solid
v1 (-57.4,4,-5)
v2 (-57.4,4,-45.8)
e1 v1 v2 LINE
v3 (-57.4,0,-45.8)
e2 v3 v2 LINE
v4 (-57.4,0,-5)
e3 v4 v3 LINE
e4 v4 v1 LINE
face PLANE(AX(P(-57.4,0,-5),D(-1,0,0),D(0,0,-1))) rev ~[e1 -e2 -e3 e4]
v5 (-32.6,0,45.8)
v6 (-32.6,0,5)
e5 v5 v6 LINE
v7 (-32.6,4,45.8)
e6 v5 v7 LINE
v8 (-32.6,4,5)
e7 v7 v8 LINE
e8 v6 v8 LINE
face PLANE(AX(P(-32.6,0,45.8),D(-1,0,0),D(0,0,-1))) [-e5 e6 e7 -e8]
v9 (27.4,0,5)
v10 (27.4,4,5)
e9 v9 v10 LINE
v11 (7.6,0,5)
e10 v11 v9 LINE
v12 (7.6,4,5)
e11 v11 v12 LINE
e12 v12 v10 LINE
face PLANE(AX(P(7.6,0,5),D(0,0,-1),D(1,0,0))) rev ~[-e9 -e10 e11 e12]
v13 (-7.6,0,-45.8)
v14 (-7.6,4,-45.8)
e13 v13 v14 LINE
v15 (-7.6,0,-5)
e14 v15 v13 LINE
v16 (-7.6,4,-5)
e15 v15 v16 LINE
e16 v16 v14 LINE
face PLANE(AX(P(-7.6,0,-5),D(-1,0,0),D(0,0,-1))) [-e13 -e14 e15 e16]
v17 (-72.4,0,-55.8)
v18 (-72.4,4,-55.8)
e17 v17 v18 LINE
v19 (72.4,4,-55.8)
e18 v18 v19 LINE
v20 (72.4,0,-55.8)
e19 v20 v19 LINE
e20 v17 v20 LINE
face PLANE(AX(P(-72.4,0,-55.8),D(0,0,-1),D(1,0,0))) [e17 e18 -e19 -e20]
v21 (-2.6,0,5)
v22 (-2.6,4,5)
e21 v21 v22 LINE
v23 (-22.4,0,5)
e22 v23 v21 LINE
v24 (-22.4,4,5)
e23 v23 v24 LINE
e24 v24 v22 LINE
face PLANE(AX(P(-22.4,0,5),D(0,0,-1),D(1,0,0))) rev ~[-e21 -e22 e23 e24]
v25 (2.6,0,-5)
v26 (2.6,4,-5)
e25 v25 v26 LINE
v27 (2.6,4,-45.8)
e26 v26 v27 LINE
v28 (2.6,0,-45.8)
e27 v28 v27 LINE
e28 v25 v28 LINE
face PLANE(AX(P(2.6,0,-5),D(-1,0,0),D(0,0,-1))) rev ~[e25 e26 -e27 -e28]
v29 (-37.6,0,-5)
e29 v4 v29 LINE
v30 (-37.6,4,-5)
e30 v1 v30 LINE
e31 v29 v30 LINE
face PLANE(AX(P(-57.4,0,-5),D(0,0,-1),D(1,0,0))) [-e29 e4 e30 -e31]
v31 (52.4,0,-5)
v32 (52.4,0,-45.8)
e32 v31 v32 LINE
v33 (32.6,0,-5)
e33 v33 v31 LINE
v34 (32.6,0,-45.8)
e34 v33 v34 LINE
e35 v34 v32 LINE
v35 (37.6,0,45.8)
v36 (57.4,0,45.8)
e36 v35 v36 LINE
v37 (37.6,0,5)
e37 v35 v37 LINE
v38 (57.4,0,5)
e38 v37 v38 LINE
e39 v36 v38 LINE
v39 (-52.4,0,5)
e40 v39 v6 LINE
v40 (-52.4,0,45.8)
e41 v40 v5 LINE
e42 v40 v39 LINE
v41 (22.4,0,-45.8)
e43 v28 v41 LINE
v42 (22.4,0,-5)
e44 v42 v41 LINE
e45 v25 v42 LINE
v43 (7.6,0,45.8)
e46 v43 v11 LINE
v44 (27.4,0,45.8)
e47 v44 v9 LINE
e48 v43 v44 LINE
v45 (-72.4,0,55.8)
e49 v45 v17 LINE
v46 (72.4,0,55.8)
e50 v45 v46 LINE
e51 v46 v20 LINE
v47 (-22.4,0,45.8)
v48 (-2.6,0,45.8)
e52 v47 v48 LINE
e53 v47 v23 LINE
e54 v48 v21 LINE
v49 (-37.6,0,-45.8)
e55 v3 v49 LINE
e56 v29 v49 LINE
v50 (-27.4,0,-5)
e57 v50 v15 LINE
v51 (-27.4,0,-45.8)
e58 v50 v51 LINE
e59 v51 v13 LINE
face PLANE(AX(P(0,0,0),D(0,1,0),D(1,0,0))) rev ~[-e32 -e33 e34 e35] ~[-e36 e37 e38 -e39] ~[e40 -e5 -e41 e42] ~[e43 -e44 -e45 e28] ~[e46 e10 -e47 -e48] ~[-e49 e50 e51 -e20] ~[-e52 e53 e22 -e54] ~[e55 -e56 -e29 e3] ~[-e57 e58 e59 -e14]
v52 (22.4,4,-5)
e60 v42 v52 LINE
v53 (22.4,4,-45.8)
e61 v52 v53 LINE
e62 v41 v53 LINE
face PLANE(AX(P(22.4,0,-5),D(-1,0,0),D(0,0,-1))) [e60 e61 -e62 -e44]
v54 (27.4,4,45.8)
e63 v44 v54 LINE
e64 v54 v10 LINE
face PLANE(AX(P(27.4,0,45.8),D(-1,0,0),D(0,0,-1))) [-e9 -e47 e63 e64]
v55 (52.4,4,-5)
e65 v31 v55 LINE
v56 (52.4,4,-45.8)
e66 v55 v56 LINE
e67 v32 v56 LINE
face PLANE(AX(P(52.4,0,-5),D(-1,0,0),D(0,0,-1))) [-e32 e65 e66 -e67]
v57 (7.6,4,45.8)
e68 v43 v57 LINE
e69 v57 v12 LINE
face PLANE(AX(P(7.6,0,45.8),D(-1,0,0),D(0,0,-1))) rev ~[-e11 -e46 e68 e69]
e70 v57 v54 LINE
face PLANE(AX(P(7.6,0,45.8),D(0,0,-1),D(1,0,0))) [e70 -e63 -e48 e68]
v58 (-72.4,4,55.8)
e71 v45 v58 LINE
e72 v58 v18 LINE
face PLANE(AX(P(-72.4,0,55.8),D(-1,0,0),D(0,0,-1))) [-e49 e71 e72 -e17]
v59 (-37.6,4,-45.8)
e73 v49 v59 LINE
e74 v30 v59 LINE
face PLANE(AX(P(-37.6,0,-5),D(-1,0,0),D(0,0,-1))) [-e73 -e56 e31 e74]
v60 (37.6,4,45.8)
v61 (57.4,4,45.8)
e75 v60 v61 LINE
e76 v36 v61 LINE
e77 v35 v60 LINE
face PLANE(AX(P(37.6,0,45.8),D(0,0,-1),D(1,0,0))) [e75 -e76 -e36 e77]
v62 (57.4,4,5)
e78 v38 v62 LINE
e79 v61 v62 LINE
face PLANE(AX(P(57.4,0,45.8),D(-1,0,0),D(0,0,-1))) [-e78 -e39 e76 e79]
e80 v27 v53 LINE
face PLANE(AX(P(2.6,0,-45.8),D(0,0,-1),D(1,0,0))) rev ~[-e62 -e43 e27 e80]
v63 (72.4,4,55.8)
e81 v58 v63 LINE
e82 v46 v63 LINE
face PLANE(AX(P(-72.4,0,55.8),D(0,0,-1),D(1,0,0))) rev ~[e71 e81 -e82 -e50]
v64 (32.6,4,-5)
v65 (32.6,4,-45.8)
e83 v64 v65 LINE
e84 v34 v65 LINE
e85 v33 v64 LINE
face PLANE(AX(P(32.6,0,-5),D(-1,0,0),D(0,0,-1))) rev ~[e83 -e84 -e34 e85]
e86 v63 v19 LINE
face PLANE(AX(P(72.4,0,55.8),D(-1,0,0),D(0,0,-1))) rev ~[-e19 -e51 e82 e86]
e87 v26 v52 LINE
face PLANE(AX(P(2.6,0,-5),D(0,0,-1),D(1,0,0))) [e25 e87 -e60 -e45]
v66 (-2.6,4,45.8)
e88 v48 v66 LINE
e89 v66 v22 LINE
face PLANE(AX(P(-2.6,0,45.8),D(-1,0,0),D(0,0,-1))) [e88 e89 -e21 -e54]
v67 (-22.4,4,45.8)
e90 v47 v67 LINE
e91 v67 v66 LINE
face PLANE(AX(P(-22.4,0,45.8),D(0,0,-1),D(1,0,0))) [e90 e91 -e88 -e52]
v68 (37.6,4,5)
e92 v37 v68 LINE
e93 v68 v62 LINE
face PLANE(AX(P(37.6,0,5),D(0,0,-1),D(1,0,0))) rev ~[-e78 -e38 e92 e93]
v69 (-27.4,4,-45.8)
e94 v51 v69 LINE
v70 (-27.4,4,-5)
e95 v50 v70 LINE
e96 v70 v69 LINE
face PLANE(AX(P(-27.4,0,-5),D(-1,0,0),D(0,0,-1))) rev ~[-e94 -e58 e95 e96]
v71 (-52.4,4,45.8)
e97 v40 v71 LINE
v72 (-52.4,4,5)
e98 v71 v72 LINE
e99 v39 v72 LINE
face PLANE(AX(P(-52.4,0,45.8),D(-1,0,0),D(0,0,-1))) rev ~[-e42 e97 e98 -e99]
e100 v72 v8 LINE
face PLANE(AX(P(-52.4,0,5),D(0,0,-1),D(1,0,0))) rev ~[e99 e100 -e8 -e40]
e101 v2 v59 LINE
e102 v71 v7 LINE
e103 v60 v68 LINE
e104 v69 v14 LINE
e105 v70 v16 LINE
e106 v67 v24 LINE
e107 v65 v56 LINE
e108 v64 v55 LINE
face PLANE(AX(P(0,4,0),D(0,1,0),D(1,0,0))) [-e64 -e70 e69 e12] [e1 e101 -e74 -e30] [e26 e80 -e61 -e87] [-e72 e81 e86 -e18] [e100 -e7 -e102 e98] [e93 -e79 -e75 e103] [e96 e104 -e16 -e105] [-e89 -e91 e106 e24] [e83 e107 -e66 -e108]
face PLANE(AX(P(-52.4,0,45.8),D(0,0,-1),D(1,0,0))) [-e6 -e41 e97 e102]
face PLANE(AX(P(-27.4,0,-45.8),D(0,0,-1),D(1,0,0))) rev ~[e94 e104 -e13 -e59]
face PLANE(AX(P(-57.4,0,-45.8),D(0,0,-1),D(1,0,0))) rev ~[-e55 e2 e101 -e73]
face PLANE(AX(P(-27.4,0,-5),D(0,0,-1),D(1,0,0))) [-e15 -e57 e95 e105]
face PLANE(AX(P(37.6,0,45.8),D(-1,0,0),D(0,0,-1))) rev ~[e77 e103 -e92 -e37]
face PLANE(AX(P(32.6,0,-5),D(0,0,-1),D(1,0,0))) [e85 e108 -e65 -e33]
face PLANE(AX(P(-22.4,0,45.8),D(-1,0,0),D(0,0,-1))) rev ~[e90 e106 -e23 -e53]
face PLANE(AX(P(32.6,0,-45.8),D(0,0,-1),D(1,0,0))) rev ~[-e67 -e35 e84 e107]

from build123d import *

# Parameters (mm, degrees)
SKETCH2_W           = 144.8
SKETCH2_H           = 111.6
SKETCH2_W_2         = 19.8
SKETCH2_H_2         = 40.8
BOSS_EXTRUDE1_DEPTH = 4


with BuildPart() as part:
    # Sketch2 → Boss-Extrude1 (new body)
    with BuildSketch(Plane(origin=(0, 0, 0), x_dir=(1, 0, 0), z_dir=(0, 1, 0))):
        Rectangle(SKETCH2_W, SKETCH2_H)
        with Locations((-42.5, -25.4)):
            Rectangle(SKETCH2_W_2, SKETCH2_H_2, mode=Mode.SUBTRACT)
        with Locations((-12.5, -25.4)):
            Rectangle(SKETCH2_W_2, SKETCH2_H_2, mode=Mode.SUBTRACT)
        with Locations((17.5, -25.4)):
            Rectangle(SKETCH2_W_2, SKETCH2_H_2, mode=Mode.SUBTRACT)
        with Locations((47.5, -25.4)):
            Rectangle(SKETCH2_W_2, SKETCH2_H_2, mode=Mode.SUBTRACT)
        with Locations((-47.5, 25.4)):
            Rectangle(SKETCH2_W_2, SKETCH2_H_2, mode=Mode.SUBTRACT)
        with Locations((-17.5, 25.4)):
            Rectangle(SKETCH2_W_2, SKETCH2_H_2, mode=Mode.SUBTRACT)
        with Locations((12.5, 25.4)):
            Rectangle(SKETCH2_W_2, SKETCH2_H_2, mode=Mode.SUBTRACT)
        with Locations((42.5, 25.4)):
            Rectangle(SKETCH2_W_2, SKETCH2_H_2, mode=Mode.SUBTRACT)
    extrude(amount=BOSS_EXTRUDE1_DEPTH)


solid = part.part
